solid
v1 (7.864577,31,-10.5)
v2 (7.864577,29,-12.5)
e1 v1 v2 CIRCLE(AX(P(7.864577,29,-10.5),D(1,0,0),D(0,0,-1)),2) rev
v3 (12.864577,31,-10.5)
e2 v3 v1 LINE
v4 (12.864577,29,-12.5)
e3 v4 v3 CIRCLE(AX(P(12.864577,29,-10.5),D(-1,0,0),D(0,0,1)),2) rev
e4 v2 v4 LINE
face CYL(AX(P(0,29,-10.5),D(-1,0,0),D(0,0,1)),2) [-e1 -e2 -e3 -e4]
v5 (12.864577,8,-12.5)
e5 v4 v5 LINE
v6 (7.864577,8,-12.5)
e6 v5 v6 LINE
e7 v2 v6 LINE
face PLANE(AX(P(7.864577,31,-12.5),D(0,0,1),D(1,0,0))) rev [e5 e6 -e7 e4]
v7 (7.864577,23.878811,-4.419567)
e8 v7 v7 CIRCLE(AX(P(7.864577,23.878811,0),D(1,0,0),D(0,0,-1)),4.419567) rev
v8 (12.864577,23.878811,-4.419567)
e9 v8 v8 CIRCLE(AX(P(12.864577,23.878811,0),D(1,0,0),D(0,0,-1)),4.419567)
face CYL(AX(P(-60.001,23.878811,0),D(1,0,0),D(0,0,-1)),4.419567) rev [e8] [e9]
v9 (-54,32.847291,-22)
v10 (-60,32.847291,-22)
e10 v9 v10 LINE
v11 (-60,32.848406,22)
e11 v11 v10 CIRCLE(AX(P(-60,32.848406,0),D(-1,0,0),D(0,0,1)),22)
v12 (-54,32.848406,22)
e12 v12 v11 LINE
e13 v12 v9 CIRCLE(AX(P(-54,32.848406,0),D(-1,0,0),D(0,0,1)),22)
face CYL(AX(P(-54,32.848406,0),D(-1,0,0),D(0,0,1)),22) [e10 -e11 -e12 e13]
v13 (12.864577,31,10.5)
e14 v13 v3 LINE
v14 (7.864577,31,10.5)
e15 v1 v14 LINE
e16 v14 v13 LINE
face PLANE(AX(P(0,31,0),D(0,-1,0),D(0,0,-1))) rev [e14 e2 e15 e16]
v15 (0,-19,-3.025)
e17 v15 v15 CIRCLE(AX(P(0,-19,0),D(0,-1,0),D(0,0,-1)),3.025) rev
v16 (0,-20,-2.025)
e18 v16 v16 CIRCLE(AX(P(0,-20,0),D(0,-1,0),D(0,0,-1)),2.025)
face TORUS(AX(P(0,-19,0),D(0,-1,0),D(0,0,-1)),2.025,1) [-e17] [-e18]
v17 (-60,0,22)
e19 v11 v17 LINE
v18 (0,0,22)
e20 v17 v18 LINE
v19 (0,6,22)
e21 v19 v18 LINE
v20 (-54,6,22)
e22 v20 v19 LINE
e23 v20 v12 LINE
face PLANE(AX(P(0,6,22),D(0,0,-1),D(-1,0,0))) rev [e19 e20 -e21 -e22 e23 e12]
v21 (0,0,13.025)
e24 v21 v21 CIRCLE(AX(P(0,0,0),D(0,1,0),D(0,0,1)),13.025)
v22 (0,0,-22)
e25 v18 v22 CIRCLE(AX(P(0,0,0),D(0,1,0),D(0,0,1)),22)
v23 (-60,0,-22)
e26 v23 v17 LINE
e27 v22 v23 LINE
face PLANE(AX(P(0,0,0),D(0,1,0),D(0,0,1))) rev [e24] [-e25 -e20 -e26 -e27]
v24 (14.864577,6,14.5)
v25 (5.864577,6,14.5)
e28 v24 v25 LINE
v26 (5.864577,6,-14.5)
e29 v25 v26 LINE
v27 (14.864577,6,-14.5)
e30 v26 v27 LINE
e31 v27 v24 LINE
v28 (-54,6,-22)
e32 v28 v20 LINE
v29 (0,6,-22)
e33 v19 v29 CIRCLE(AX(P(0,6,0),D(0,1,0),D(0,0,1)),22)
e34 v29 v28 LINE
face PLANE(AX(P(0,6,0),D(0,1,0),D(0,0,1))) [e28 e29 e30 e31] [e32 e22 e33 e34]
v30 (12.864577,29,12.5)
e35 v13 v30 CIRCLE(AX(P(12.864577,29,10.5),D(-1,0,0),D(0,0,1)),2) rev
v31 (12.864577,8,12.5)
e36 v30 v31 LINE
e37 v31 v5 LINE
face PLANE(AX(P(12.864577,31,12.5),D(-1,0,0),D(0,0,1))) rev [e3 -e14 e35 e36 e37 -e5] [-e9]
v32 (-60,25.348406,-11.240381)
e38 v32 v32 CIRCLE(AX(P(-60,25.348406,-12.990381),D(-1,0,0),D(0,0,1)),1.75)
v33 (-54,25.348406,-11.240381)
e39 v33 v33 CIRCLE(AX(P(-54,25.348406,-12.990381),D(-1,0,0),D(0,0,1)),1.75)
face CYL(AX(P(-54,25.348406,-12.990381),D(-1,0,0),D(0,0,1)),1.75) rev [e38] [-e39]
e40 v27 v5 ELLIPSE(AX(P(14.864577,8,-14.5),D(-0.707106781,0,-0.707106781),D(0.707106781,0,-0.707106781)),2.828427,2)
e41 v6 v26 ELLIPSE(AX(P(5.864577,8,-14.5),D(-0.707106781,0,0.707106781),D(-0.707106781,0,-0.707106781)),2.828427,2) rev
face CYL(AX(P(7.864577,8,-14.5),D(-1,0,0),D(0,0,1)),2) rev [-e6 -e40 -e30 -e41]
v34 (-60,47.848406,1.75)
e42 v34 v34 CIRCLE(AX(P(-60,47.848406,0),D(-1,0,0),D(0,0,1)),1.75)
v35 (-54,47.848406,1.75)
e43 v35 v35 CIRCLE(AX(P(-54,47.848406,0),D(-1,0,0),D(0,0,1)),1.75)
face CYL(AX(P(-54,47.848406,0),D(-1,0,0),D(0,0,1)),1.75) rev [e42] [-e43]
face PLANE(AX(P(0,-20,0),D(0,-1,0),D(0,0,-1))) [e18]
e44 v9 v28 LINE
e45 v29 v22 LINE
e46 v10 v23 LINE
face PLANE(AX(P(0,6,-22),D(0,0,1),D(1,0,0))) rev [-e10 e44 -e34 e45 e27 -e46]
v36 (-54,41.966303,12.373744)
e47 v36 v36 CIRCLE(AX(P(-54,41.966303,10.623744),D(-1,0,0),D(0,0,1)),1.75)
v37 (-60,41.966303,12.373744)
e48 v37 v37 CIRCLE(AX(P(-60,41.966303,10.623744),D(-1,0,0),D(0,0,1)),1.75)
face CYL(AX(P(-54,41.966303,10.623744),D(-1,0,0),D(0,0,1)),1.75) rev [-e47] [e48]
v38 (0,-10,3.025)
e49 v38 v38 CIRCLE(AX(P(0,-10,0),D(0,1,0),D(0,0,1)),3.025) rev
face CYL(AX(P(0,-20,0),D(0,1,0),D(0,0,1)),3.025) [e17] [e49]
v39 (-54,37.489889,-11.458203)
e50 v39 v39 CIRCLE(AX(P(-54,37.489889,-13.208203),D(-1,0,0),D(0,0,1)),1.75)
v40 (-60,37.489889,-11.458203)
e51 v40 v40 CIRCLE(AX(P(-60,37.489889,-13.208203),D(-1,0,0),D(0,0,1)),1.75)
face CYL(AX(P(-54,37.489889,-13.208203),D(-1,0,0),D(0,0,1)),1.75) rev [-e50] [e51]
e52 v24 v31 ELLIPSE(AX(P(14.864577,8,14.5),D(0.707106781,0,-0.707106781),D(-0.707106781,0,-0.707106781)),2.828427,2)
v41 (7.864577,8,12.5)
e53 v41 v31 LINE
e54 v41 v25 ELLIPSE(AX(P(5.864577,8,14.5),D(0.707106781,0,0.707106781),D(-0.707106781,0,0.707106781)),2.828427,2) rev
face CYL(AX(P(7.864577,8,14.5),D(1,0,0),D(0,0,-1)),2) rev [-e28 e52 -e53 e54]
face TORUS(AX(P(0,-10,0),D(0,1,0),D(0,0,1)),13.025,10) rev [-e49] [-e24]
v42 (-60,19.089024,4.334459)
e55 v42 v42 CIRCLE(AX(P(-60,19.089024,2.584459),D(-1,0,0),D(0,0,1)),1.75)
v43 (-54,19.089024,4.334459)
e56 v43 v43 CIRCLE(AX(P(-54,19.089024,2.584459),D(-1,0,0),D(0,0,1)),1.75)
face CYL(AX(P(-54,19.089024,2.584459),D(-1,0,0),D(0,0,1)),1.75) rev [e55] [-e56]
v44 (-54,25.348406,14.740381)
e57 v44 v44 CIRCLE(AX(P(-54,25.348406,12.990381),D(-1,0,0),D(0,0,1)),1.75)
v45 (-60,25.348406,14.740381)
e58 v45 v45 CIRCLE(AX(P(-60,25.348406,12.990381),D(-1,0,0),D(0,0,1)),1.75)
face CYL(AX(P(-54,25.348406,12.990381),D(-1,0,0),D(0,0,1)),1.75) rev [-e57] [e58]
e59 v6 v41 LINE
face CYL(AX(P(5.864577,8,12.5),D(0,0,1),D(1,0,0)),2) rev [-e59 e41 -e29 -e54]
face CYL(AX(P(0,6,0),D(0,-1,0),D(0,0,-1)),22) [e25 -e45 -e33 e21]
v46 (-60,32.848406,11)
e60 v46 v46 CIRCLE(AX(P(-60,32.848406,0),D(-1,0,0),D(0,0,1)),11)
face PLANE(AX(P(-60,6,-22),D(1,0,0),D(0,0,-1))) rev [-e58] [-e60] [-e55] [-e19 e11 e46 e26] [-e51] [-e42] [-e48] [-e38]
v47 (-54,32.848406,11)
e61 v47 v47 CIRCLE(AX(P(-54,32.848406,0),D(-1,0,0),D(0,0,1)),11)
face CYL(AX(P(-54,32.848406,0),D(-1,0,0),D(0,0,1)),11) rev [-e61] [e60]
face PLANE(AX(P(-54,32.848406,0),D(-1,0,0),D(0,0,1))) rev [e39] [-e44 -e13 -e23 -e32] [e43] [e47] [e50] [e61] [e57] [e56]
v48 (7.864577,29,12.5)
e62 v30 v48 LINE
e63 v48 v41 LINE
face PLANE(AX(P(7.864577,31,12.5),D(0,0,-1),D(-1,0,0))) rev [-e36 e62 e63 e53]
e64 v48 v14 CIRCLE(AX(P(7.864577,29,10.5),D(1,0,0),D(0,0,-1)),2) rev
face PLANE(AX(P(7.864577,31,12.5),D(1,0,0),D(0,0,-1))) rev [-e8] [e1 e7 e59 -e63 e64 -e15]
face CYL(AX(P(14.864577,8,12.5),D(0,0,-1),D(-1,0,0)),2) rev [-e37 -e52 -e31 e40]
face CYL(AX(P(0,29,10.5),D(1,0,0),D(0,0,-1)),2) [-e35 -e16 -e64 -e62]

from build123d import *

# Parameters (mm, degrees)
BOSS_EXTRUDE1_DEPTH = 6
BOSS_EXTRUDE2_DEPTH = 6
SKETCH3_R           = 11
SKETCH3_R_2         = 1.75
CUT_EXTRUDE1_DEPTH  = 6
SKETCH4_R           = 3.025
BOSS_EXTRUDE3_DEPTH = 20
FILLET1_R           = 10
FILLET2_R           = 1
SKETCH5_W           = 5
SKETCH5_H           = 25
BOSS_EXTRUDE4_DEPTH = 25
CUT_EXTRUDE2_REACH  = 95.817
SKETCH6_R           = 4.419567015
FILLET3_R           = 2


with BuildPart() as part:
    # Sketch1 → Boss-Extrude1 (new body)
    with BuildSketch(Plane(origin=(0, 0, 0), x_dir=(1, 0, 0), z_dir=(0, 1, 0))):
        with BuildLine():
            Line((0, -22), (-60, -22))
            Line((-60, -22), (-60, 22))
            Line((-60, 22), (0, 22))
            ThreePointArc((0, 22), (22, 0), (0, -22))
        make_face()
    extrude(amount=BOSS_EXTRUDE1_DEPTH)

    # Sketch2 → Boss-Extrude2 (add)
    with BuildSketch(Plane.ZY.offset(60)):
        with BuildLine():
            Line((-22, 6), (-21.999999972, 32.847291098))
            ThreePointArc((-21.999999972, 32.847291098), (-0.000557287, 54.848405664), (22, 32.848405671))
            Line((22, 32.848405671), (22, 6))
            Line((22, 6), (-22, 6))
        make_face()
    extrude(amount=-BOSS_EXTRUDE2_DEPTH)

    # Sketch3 → Cut-Extrude1 (cut)
    with BuildSketch(Plane.ZY.offset(60)):
        with Locations((0, 32.848405671)):
            Circle(SKETCH3_R)
        with Locations((0, 47.848405671)):
            Circle(SKETCH3_R_2)
        with Locations((12.990381057, 25.348405671)):
            Circle(SKETCH3_R_2)
        with Locations((-12.990381057, 25.348405671)):
            Circle(SKETCH3_R_2)
        with Locations((10.623744158, 41.966303458)):
            Circle(SKETCH3_R_2)
        with Locations((2.584459033, 19.089024453)):
            Circle(SKETCH3_R_2)
        with Locations((-13.208203192, 37.489889102)):
            Circle(SKETCH3_R_2)
    extrude(amount=-CUT_EXTRUDE1_DEPTH, mode=Mode.SUBTRACT)

    # Sketch4 → Boss-Extrude3 (add)
    with BuildSketch(Plane.XZ):
        with Locations(Location((0, 0, 0), (0, 0, 90))):
            Circle(SKETCH4_R)
    extrude(amount=BOSS_EXTRUDE3_DEPTH)

    # Fillet1
    fillet1_edges = [part.edges().sort_by_distance(p)[0] for p in [
        (0, 0, -3.025),
    ]]
    fillet(fillet1_edges, radius=FILLET1_R)

    # Fillet2
    fillet2_edges = [part.edges().sort_by_distance(p)[0] for p in [
        (0, -20, -3.025),
    ]]
    fillet(fillet2_edges, radius=FILLET2_R)

    # Sketch5 → Boss-Extrude4 (add)
    with BuildSketch(Plane(origin=(0, 6, 0), x_dir=(1, 0, 0), z_dir=(0, 1, 0))):
        with Locations((10.364576522, 0)):
            Rectangle(SKETCH5_W, SKETCH5_H)
    extrude(amount=BOSS_EXTRUDE4_DEPTH)

    # Sketch6 → Cut-Extrude2 (cut, up to next)
    with BuildSketch(Plane(origin=(12.864576522, 0, 0), x_dir=(0, 0, -1), z_dir=(1, 0, 0)), mode=Mode.PRIVATE) as cut_extrude2_sk1:
        with Locations((0, 23.878810585)):
            Circle(SKETCH6_R)
    cut_extrude2_tool1 = extrude(cut_extrude2_sk1.sketch, amount=-CUT_EXTRUDE2_REACH, mode=Mode.PRIVATE) & part.part
    add(cut_extrude2_tool1.solids().sort_by_distance((12.864577, 23.878811, 0))[0], mode=Mode.SUBTRACT)

    # Fillet3
    fillet3_edges = [part.edges().sort_by_distance(p)[0] for p in [
        (12.864576522, 6, 0),
        (10.364576522, 6, -12.5),
        (7.864576522, 6, 0),
        (10.364576522, 6, 12.5),
        (10.364576522, 31, -12.5),
        (10.364576522, 31, 12.5),
    ]]
    fillet(fillet3_edges, radius=FILLET3_R)


solid = part.part
